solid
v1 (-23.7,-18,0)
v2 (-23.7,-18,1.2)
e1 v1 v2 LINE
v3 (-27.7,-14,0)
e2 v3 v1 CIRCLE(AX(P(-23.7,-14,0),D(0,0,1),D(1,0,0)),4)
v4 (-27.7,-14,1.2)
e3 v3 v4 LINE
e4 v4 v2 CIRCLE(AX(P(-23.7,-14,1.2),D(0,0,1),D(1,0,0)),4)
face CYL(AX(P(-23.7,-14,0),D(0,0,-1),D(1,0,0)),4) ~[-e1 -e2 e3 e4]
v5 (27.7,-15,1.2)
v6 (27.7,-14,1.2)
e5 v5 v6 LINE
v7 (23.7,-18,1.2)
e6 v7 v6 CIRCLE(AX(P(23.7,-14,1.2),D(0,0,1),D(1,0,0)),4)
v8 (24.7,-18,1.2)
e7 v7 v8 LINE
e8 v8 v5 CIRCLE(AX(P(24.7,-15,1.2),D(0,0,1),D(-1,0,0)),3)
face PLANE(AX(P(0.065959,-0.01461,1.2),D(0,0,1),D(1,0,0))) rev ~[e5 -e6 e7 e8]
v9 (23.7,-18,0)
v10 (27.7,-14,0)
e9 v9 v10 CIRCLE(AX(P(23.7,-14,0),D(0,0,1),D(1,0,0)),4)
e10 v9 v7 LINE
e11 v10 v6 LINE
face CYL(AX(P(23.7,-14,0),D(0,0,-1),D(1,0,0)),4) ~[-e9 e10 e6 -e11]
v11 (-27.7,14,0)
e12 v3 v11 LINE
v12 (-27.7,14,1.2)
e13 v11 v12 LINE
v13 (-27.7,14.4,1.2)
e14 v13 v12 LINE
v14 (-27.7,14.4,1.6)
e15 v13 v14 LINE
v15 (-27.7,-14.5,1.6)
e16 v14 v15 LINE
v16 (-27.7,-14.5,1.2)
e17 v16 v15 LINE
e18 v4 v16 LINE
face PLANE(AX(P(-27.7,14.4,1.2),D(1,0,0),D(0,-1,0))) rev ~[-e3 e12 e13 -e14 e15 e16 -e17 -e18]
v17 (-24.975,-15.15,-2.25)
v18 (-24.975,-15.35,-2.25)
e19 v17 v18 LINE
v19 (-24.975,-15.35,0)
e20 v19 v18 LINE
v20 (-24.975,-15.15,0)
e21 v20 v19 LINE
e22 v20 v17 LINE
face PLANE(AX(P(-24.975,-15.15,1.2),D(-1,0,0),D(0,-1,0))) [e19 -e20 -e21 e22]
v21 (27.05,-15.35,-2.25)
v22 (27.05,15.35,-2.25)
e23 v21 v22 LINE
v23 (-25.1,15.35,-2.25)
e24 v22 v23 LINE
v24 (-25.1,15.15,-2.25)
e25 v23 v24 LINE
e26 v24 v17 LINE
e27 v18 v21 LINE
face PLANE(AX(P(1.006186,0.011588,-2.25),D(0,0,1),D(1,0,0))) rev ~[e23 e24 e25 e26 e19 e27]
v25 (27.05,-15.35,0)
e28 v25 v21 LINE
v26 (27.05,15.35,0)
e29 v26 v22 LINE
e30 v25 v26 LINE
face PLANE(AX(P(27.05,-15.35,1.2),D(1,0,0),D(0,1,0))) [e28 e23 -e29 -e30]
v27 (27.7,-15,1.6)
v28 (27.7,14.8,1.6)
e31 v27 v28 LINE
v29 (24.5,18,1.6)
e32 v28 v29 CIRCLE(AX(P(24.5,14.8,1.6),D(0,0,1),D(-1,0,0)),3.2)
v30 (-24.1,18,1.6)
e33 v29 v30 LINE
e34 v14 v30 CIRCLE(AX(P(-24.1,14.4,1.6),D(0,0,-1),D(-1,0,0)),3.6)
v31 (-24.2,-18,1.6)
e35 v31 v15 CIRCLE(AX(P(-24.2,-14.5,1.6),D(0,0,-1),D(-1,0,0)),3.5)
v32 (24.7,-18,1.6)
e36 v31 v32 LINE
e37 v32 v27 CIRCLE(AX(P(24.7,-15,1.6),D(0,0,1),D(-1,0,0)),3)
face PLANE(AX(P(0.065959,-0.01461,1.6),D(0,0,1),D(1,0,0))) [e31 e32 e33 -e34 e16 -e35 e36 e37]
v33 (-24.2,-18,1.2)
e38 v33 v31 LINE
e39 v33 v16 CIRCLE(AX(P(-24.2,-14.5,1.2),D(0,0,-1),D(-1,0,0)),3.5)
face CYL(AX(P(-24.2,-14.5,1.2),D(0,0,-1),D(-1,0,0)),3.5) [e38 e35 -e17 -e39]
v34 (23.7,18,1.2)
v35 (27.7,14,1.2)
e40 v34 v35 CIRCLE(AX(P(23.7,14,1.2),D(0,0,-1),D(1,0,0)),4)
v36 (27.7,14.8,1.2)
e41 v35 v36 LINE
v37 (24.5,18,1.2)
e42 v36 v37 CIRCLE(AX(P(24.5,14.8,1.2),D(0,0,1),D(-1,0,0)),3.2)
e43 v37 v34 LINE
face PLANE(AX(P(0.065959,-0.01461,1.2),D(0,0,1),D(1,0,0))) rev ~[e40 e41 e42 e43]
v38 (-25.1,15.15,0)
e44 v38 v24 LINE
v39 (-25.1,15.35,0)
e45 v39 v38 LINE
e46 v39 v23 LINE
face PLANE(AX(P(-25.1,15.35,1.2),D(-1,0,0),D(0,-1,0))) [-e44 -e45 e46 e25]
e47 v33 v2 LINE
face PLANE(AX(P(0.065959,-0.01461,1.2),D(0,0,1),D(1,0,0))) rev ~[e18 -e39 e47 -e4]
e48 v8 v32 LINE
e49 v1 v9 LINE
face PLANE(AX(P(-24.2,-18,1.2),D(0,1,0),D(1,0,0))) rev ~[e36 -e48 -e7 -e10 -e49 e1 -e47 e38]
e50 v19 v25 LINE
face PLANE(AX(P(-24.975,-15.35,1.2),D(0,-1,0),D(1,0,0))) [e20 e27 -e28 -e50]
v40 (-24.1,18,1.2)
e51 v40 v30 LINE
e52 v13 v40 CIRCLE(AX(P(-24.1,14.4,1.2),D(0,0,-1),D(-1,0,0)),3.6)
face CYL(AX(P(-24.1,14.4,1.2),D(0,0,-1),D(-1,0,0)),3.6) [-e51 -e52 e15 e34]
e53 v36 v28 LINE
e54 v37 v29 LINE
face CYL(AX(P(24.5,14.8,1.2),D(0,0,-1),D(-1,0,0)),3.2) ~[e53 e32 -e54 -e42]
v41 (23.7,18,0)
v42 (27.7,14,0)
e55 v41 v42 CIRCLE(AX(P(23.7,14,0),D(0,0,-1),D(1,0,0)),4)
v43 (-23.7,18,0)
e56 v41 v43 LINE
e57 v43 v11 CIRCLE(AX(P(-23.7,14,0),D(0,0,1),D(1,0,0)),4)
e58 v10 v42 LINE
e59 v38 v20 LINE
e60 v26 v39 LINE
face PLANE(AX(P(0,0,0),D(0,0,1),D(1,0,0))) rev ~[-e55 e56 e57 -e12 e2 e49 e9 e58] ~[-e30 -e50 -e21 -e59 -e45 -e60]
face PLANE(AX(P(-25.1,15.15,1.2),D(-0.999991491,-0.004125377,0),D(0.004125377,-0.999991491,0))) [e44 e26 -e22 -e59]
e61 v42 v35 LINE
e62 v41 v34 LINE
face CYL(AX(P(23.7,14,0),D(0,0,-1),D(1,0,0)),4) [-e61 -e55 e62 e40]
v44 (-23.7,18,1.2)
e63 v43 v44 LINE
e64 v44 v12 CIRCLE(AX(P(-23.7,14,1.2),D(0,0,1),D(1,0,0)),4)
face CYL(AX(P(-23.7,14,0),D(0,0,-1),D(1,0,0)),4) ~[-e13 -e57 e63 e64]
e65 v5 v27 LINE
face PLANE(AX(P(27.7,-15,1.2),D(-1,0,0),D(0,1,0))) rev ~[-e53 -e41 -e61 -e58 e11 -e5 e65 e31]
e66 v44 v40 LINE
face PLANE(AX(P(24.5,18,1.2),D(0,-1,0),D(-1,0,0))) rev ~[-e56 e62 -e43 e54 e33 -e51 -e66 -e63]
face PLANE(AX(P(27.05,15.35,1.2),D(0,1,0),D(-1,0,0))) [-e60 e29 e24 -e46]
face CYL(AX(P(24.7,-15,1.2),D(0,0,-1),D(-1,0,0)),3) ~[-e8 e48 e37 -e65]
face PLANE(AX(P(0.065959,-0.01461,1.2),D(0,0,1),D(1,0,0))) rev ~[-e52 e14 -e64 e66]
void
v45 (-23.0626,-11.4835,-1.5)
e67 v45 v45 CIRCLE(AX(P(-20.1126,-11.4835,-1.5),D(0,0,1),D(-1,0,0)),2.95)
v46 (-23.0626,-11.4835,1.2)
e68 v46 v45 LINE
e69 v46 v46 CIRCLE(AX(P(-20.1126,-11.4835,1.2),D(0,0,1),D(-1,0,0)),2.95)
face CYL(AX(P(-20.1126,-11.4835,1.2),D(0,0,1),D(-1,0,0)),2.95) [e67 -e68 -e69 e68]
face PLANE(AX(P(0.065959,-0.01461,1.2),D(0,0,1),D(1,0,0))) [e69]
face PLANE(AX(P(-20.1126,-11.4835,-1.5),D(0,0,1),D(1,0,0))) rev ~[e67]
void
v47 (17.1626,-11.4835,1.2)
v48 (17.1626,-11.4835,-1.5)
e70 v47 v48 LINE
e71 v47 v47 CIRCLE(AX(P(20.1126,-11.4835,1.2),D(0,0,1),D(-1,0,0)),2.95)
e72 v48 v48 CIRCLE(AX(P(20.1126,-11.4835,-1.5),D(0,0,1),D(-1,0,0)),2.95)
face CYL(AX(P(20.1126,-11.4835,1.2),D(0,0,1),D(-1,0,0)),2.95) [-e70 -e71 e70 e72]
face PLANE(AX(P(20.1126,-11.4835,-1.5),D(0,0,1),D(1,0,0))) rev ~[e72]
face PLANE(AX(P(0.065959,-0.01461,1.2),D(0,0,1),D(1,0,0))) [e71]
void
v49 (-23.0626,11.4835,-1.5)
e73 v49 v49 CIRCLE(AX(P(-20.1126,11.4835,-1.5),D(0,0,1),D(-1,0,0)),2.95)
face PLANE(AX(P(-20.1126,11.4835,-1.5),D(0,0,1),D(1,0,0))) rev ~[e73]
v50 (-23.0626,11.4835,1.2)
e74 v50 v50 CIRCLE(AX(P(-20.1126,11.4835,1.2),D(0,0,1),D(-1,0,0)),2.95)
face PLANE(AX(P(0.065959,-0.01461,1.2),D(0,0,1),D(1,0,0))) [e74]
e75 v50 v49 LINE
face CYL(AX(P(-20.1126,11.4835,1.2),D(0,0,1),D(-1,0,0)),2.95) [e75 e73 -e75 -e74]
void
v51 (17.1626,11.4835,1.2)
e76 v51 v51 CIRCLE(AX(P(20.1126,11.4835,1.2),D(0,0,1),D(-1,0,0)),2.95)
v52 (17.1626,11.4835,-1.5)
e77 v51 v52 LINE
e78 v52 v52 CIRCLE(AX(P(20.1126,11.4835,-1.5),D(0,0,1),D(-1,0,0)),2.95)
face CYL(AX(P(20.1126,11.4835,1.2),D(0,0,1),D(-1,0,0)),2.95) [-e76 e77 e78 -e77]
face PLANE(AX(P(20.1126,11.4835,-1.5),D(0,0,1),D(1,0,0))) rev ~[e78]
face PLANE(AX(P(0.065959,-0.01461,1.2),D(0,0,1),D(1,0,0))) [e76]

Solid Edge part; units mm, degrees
sketch "Sketch1" plane through (0, 0, 0) normal (0, 0, 1) x (1, 0, 0)
  line L0 (-23.7, -18) -> (23.7, -18)
  arc A0 (23.7, -18) -> (27.7, -14) centre (23.7, -14) ccw
  line L1 (27.7, -14) -> (27.7, 14)
  arc A1 (23.7, 18) -> (27.7, 14) centre (23.7, 14) cw
  line L2 (23.7, 18) -> (-23.7, 18)
  arc A2 (-23.7, 18) -> (-27.7, 14) centre (-23.7, 14) ccw
  line L3 (-27.7, 0) -> (-27.7, 14)
  line L4 (-27.7, 0) -> (-27.7, -14)
  arc A3 (-27.7, -14) -> (-23.7, -18) centre (-23.7, -14) ccw
  line L5 (-24.85, -15.15) -> (26.85, -15.15)
  line L6 (26.85, -15.15) -> (26.85, 15.15)
  line L7 (-24.85, 15.15) -> (26.85, 15.15)
  line L8 (-24.85, -15.15) -> (-24.85, 15.15)
  dimension "D1" = 30.3
  dimension "D2" = 51.7
extrude "Protrusion1" add sketch "Sketch1" along normal blind 1.2
sketch "Sketch2" plane through (0, 0, 1.2) normal (0, 0, 1) x (1, 0, 0)
  line L0 (-25.1, 15.15) -> (-24.975, -15.15)
  line L1 (-24.975, -15.15) -> (-24.975, -15.35)
  line L2 (-24.975, -15.35) -> (27.05, -15.35)
  line L3 (27.05, -15.35) -> (27.05, -15.15)
  line L4 (27.05, 15.15) -> (27.05, -15.15)
  line L5 (27.05, 15.15) -> (27.05, 15.35)
  line L6 (27.05, 15.35) -> (-25.1, 15.35)
  line L7 (-25.1, 15.35) -> (-25.1, 15.15)
  dimension "D1" = 0.2
  dimension "D2" = 52.025
  dimension "D3" = 0.2
  dimension "D4" = 0.2
  dimension "D5" = 52.15
  dimension "D6" = 0.2
extrude "Wyciągnięcie_2" add sketch "Sketch2" against normal blind 3.45
sketch "Sketch3" plane through (0, 0, 1.2) normal (0, 0, 1) x (-1, 0, 0)
  circle A0 centre (-20.1126, 11.4835) radius 2.95
  circle A1 centre (20.1126, 11.4835) radius 2.95
  circle A2 centre (20.1126, -11.4835) radius 2.95
  circle A3 centre (-20.1126, -11.4835) radius 2.95
  dimension "D1" = 5.9
extrude "Wycięcie_1" cut sketch "Sketch3" against normal blind 2.7
sketch "Sketch4" plane through (0, 0, 1.2) normal (0, 0, 1) x (-1, 0, 0)
  line L0 (-24.5, -18) -> (24.1, -18)
  arc A0 (27.7, -14.4) -> (24.1, -18) centre (24.1, -14.4) cw
  line L1 (27.7, -14.4) -> (27.7, 14.5)
  arc A1 (24.2, 18) -> (27.7, 14.5) centre (24.2, 14.5) cw
  line L2 (24.2, 18) -> (-24.7, 18)
  arc A2 (-24.7, 18) -> (-27.7, 15) centre (-24.7, 15) ccw
  line L3 (-27.7, 15) -> (-27.7, -14.8)
  arc A3 (-27.7, -14.8) -> (-24.5, -18) centre (-24.5, -14.8) ccw
  dimension "D1" = 48.9
  dimension "D2" = 29.8
  dimension "D3" = 3
  dimension "D4" = 3.2
  dimension "D5" = 3.5
  dimension "D6" = 3.6
extrude "Wyciągnięcie_3" add sketch "Sketch4" along normal blind 0.4
